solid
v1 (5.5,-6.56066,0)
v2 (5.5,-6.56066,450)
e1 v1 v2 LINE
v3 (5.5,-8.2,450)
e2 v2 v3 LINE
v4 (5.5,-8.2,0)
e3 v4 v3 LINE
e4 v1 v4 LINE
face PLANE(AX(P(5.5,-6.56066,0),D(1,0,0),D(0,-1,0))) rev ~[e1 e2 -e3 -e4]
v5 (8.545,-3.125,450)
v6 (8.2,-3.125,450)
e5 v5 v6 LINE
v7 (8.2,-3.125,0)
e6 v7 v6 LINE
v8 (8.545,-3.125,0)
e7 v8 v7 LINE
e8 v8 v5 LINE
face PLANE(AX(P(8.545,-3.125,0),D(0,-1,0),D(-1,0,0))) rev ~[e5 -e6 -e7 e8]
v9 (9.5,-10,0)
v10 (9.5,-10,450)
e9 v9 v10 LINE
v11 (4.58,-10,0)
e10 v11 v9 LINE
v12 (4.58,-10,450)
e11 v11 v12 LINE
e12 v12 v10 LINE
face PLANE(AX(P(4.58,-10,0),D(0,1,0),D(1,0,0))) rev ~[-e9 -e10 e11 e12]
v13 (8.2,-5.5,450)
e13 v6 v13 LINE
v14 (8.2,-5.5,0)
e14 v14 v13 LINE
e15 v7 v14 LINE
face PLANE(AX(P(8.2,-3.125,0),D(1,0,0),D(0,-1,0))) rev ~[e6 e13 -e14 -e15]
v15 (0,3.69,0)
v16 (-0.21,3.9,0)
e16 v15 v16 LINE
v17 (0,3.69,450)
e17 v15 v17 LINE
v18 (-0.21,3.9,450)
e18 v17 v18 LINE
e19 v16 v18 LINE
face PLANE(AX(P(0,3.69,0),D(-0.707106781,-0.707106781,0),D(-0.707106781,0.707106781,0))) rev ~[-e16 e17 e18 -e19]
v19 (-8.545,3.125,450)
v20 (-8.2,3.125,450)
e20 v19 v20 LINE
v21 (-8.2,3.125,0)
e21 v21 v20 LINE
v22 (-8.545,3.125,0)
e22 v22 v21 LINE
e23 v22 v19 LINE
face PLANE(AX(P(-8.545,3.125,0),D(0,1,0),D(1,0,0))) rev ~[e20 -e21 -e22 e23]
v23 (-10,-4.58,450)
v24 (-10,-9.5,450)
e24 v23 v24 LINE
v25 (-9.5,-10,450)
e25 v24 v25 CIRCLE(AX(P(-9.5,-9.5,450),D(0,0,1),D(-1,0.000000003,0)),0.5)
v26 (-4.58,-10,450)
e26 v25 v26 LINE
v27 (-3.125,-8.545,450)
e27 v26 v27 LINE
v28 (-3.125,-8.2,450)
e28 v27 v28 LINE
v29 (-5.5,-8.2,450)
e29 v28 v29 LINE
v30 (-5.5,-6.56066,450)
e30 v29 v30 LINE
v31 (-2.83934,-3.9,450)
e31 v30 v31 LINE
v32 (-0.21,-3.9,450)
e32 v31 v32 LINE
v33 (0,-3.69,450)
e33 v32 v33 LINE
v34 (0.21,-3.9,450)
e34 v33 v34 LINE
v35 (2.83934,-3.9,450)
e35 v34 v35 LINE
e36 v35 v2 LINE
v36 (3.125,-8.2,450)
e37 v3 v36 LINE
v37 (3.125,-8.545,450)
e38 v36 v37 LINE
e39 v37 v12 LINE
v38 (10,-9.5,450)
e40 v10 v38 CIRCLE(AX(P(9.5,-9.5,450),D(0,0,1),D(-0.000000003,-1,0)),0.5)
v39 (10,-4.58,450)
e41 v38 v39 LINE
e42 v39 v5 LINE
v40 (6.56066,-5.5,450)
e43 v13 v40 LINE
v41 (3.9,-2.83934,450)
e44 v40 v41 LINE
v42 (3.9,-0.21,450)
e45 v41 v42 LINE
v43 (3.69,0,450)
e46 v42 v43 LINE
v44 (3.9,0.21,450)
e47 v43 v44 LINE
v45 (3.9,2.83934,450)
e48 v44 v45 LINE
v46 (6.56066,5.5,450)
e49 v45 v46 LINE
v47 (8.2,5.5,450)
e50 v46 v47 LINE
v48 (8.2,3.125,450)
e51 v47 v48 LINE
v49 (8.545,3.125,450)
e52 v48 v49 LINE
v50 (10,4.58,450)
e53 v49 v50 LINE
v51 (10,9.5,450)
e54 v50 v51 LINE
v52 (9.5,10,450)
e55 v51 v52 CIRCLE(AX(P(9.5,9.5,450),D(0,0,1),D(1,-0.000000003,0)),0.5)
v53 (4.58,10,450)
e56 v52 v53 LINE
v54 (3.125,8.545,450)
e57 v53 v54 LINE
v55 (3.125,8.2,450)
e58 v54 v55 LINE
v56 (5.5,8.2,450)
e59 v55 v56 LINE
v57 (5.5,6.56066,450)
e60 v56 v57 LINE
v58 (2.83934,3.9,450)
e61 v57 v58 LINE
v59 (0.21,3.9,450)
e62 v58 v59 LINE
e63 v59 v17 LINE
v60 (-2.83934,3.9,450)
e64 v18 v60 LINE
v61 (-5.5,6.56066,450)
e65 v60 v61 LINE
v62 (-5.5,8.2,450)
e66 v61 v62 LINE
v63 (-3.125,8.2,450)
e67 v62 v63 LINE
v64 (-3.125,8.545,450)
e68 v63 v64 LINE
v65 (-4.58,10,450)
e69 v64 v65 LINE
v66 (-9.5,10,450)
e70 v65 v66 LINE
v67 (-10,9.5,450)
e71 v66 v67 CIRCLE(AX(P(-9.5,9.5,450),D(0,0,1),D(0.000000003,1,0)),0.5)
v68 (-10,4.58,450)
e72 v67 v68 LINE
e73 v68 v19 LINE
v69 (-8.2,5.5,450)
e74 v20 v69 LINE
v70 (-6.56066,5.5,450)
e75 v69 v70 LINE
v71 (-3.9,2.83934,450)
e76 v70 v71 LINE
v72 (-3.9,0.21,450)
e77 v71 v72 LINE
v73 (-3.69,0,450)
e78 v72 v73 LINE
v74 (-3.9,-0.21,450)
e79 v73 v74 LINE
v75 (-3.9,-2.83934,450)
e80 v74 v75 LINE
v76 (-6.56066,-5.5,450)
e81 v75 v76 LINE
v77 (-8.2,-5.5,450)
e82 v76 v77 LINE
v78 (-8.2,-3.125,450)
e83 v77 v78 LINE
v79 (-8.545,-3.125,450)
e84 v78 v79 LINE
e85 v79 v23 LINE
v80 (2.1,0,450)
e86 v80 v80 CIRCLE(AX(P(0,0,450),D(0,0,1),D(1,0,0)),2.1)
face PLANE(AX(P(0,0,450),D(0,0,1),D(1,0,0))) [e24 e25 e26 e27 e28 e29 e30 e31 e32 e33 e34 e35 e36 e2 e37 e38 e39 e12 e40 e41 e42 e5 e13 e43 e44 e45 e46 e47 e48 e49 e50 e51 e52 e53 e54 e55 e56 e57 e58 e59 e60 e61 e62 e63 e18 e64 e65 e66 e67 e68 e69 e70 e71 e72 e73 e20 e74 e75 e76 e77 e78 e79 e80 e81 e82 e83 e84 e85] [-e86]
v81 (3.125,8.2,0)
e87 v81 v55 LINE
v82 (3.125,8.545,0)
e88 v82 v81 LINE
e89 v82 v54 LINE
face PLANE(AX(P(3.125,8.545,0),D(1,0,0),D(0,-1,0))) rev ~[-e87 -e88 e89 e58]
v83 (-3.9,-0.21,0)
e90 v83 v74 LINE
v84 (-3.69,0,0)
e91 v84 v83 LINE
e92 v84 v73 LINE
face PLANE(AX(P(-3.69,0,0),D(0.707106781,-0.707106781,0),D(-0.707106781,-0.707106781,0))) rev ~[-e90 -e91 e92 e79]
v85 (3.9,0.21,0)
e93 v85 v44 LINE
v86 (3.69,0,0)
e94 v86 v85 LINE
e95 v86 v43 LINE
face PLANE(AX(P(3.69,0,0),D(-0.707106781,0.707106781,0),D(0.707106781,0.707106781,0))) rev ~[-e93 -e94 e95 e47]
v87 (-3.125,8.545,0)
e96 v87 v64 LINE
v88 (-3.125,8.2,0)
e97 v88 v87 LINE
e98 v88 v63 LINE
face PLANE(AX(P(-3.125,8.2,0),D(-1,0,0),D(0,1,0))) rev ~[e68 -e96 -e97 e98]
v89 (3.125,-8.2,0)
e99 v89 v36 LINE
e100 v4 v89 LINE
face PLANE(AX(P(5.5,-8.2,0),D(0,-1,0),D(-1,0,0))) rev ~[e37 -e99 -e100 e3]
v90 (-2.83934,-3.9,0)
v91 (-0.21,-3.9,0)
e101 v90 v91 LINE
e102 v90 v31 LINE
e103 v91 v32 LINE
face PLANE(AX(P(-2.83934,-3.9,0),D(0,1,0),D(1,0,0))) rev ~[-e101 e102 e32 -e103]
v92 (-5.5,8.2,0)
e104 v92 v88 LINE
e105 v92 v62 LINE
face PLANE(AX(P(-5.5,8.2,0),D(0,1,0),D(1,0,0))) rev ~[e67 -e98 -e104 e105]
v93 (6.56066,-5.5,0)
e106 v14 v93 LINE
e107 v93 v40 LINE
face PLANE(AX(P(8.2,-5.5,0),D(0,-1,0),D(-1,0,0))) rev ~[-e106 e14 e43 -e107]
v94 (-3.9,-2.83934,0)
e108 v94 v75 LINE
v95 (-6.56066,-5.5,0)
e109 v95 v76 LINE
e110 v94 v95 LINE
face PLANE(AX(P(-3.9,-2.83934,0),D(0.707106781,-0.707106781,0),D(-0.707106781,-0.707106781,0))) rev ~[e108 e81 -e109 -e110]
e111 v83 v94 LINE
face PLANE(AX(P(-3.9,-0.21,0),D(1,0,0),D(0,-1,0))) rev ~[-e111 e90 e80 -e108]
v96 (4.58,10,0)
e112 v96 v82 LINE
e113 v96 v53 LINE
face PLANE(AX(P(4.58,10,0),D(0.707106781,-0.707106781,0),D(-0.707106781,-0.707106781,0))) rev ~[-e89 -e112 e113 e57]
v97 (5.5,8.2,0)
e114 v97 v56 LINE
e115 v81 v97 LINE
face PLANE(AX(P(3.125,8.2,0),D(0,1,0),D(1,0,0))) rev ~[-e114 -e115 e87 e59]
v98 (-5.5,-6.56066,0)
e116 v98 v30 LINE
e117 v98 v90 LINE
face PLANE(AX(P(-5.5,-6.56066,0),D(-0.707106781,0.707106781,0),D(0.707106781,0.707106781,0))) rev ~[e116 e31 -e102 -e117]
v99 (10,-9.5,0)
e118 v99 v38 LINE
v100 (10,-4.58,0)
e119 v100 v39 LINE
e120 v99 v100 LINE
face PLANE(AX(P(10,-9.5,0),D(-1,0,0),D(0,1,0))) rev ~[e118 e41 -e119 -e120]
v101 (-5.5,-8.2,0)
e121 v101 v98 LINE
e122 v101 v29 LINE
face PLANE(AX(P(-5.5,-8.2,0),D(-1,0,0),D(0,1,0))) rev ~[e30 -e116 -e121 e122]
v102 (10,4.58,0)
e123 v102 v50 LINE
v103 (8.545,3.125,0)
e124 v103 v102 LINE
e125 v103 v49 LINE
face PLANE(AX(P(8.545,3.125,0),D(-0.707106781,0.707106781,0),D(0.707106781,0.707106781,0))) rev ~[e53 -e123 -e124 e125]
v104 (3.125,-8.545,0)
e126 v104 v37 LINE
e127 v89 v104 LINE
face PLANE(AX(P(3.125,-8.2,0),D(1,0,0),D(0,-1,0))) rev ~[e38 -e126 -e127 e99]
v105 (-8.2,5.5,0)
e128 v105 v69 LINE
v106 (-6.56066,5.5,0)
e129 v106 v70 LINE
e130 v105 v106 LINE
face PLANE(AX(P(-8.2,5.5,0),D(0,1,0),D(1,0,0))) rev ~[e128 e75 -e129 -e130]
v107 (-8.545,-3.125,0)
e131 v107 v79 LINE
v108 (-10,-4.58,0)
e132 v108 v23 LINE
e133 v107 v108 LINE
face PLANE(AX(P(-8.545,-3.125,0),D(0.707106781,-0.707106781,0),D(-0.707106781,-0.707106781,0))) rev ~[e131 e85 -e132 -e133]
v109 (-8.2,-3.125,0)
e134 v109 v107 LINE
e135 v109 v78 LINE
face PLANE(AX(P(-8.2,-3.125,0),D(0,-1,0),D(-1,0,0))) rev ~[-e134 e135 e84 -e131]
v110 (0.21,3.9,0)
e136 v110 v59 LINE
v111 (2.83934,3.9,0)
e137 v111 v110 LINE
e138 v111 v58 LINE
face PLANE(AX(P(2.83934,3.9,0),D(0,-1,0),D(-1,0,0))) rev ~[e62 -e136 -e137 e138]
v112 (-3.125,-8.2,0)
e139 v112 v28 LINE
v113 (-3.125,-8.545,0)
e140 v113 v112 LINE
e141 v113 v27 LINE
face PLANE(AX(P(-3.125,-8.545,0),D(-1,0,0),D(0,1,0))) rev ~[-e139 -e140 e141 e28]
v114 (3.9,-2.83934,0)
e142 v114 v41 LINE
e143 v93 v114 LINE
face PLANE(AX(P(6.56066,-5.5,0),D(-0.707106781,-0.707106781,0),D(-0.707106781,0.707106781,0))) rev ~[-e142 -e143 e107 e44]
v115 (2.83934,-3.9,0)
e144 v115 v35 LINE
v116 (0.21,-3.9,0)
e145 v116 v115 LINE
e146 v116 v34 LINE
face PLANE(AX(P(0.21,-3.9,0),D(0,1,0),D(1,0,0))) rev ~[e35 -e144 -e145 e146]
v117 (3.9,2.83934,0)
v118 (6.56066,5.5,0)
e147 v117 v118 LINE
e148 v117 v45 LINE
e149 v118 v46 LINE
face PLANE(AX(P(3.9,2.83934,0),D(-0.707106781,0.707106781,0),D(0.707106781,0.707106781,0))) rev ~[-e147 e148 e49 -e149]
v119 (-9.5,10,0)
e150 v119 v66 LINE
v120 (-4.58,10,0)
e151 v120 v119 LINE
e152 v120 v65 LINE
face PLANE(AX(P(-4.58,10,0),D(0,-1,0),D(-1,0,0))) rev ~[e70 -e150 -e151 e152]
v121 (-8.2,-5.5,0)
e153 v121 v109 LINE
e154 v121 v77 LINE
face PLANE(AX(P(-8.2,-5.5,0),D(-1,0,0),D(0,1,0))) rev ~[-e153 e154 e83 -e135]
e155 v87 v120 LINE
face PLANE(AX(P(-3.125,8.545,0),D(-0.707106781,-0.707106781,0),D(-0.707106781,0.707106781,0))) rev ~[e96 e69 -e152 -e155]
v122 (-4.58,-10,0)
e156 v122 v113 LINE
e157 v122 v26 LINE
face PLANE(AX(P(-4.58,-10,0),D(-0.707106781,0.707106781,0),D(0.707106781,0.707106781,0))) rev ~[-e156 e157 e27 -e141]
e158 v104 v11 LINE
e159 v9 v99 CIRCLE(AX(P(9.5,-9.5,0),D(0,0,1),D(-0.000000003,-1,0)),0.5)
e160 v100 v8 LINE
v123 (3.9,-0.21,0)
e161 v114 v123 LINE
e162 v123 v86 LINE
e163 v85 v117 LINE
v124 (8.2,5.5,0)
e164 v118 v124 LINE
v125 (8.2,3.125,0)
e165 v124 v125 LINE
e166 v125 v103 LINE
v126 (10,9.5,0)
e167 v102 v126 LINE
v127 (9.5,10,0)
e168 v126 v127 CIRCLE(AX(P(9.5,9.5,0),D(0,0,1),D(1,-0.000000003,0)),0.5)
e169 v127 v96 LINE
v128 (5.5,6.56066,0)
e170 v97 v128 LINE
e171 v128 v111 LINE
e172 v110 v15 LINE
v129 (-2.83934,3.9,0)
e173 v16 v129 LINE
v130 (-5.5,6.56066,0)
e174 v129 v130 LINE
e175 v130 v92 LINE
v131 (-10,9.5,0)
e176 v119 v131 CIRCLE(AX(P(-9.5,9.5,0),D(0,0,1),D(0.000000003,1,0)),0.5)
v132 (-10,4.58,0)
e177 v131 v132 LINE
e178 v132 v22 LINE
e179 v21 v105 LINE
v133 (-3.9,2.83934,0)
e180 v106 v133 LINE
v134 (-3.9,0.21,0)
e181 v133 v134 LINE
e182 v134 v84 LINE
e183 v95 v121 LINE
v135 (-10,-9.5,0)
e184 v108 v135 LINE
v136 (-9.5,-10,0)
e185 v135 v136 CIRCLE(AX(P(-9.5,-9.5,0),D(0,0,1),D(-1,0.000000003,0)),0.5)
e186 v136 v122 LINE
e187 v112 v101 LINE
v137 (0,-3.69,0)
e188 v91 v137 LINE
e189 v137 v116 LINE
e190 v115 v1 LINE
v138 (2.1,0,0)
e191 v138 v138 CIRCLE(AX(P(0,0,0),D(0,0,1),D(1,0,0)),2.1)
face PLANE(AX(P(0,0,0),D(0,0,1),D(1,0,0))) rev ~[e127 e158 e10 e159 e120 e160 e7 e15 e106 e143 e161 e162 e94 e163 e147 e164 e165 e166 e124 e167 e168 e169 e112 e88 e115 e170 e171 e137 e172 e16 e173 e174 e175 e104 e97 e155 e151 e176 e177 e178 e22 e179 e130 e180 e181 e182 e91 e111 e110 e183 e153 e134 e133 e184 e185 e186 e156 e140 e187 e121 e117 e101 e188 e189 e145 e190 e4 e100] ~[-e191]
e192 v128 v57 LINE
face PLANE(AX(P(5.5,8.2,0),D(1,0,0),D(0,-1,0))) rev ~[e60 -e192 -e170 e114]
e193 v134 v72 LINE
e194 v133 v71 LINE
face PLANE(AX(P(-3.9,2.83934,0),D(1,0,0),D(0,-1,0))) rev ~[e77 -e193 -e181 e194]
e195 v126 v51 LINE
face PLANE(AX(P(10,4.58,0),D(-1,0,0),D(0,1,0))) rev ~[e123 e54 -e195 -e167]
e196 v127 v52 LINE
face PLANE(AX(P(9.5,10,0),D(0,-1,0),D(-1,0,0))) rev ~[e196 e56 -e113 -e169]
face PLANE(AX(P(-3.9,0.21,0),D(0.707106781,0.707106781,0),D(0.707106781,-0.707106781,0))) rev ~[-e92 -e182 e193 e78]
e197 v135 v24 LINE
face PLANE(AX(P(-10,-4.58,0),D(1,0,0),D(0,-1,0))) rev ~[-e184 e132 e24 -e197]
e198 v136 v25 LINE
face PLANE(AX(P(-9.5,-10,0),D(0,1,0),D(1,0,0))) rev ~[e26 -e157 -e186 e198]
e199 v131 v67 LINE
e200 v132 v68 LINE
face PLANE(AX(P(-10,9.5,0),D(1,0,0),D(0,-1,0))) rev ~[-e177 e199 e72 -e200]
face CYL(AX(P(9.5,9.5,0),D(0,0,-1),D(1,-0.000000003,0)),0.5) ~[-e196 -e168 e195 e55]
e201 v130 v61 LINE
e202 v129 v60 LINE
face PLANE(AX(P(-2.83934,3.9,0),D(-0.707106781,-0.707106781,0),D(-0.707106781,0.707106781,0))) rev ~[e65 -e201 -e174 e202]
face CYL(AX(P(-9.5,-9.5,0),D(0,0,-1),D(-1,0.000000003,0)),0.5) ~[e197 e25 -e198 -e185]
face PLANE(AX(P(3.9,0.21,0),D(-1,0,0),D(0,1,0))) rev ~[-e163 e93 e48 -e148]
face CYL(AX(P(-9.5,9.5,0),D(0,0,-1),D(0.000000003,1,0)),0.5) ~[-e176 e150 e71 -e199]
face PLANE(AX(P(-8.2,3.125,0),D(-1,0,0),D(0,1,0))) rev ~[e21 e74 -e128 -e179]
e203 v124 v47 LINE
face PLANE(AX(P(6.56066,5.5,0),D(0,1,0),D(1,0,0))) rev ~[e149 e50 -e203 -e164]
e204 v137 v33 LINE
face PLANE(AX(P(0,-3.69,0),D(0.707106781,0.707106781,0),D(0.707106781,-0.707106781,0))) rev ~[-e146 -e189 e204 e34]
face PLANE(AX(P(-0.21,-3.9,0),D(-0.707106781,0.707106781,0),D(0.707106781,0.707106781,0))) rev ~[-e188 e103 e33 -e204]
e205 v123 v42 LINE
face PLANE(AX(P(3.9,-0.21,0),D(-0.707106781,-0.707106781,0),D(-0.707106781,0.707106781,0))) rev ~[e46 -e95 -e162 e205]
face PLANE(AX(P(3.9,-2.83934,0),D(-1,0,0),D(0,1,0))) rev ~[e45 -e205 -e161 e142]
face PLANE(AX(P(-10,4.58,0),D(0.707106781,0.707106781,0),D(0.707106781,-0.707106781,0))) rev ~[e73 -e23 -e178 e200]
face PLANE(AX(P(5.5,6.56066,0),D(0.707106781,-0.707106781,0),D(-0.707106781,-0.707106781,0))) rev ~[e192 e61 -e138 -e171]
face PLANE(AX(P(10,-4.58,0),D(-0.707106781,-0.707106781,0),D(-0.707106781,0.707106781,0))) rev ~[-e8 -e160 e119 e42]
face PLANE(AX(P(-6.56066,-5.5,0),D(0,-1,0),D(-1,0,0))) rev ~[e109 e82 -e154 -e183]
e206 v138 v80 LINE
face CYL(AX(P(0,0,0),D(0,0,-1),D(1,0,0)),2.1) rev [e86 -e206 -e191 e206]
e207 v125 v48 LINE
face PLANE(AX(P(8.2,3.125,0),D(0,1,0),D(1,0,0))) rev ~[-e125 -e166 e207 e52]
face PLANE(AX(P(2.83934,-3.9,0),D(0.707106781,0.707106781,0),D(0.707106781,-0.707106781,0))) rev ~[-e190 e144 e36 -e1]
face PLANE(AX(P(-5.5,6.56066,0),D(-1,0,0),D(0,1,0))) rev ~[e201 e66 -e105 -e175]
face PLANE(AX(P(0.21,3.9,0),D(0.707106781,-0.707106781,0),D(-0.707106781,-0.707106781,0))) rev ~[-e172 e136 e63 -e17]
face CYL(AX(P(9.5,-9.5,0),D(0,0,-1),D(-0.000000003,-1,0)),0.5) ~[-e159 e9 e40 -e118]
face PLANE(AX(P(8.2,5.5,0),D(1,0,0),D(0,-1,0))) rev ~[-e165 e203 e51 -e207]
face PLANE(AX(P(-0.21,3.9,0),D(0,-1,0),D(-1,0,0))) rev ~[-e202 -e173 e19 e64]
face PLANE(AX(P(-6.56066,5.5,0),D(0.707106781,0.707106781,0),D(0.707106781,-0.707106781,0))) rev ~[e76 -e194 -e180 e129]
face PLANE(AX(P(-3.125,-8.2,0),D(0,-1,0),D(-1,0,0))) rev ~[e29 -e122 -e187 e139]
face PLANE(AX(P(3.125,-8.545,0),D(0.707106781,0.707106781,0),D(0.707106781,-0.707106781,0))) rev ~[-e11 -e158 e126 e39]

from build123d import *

# Parameters (mm, degrees)
SKETCH1_R           = 2.1
BOSS_EXTRUDE1_DEPTH = 450


with BuildPart() as part:
    # Sketch1 → Boss-Extrude1 (new body)
    with BuildSketch(Plane.XY):
        with BuildLine():
            Line((4.58, -10), (9.5, -10))
            ThreePointArc((9.5, -10), (9.853553391, -9.853553391), (10, -9.5))
            Line((10, -9.5), (10, -4.58))
            Line((10, -4.58), (8.545, -3.125))
            Line((8.545, -3.125), (8.2, -3.125))
            Line((8.2, -3.125), (8.2, -5.5))
            Line((8.2, -5.5), (6.560660172, -5.5))
            Line((6.560660172, -5.5), (3.9, -2.839339828))
            Line((3.9, -2.839339828), (3.9, -0.21))
            Line((3.9, -0.21), (3.69, 0))
            Line((3.69, 0), (3.9, 0.21))
            Line((3.9, 0.21), (3.9, 2.839339828))
            Line((3.9, 2.839339828), (6.560660172, 5.5))
            Line((6.560660172, 5.5), (8.2, 5.5))
            Line((8.2, 5.5), (8.2, 3.125))
            Line((8.2, 3.125), (8.545, 3.125))
            Line((8.545, 3.125), (10, 4.58))
            Line((10, 4.58), (10, 9.5))
            ThreePointArc((10, 9.5), (9.853553391, 9.853553391), (9.5, 10))
            Line((9.5, 10), (4.58, 10))
            Line((4.58, 10), (3.125, 8.545))
            Line((3.125, 8.545), (3.125, 8.2))
            Line((3.125, 8.2), (5.5, 8.2))
            Line((5.5, 8.2), (5.5, 6.560660172))
            Line((5.5, 6.560660172), (2.839339828, 3.9))
            Line((2.839339828, 3.9), (0.21, 3.9))
            Line((0.21, 3.9), (0, 3.69))
            Line((0, 3.69), (-0.21, 3.9))
            Line((-0.21, 3.9), (-2.839339828, 3.9))
            Line((-2.839339828, 3.9), (-5.5, 6.560660172))
            Line((-5.5, 6.560660172), (-5.5, 8.2))
            Line((-5.5, 8.2), (-3.125, 8.2))
            Line((-3.125, 8.2), (-3.125, 8.545))
            Line((-3.125, 8.545), (-4.58, 10))
            Line((-4.58, 10), (-9.5, 10))
            ThreePointArc((-9.5, 10), (-9.853553391, 9.853553391), (-10, 9.5))
            Line((-10, 9.5), (-10, 4.58))
            Line((-10, 4.58), (-8.545, 3.125))
            Line((-8.545, 3.125), (-8.2, 3.125))
            Line((-8.2, 3.125), (-8.2, 5.5))
            Line((-8.2, 5.5), (-6.560660172, 5.5))
            Line((-6.560660172, 5.5), (-3.9, 2.839339828))
            Line((-3.9, 2.839339828), (-3.9, 0.21))
            Line((-3.9, 0.21), (-3.69, 0))
            Line((-3.69, 0), (-3.9, -0.21))
            Line((-3.9, -0.21), (-3.9, -2.839339828))
            Line((-3.9, -2.839339828), (-6.560660172, -5.5))
            Line((-6.560660172, -5.5), (-8.2, -5.5))
            Line((-8.2, -5.5), (-8.2, -3.125))
            Line((-8.2, -3.125), (-8.545, -3.125))
            Line((-8.545, -3.125), (-10, -4.58))
            Line((-10, -4.58), (-10, -9.5))
            ThreePointArc((-10, -9.5), (-9.853553391, -9.853553391), (-9.5, -10))
            Line((-9.5, -10), (-4.58, -10))
            Line((-4.58, -10), (-3.125, -8.545))
            Line((-3.125, -8.545), (-3.125, -8.2))
            Line((-3.125, -8.2), (-5.5, -8.2))
            Line((-5.5, -8.2), (-5.5, -6.560660172))
            Line((-5.5, -6.560660172), (-2.839339828, -3.9))
            Line((-2.839339828, -3.9), (-0.21, -3.9))
            Line((-0.21, -3.9), (0, -3.69))
            Line((0, -3.69), (0.21, -3.9))
            Line((0.21, -3.9), (2.839339828, -3.9))
            Line((2.839339828, -3.9), (5.5, -6.560660172))
            Line((5.5, -6.560660172), (5.5, -8.2))
            Line((5.5, -8.2), (3.125, -8.2))
            Line((3.125, -8.2), (3.125, -8.545))
            Line((3.125, -8.545), (4.58, -10))
        make_face()
        Circle(SKETCH1_R, mode=Mode.SUBTRACT)
    extrude(amount=BOSS_EXTRUDE1_DEPTH)


solid = part.part
